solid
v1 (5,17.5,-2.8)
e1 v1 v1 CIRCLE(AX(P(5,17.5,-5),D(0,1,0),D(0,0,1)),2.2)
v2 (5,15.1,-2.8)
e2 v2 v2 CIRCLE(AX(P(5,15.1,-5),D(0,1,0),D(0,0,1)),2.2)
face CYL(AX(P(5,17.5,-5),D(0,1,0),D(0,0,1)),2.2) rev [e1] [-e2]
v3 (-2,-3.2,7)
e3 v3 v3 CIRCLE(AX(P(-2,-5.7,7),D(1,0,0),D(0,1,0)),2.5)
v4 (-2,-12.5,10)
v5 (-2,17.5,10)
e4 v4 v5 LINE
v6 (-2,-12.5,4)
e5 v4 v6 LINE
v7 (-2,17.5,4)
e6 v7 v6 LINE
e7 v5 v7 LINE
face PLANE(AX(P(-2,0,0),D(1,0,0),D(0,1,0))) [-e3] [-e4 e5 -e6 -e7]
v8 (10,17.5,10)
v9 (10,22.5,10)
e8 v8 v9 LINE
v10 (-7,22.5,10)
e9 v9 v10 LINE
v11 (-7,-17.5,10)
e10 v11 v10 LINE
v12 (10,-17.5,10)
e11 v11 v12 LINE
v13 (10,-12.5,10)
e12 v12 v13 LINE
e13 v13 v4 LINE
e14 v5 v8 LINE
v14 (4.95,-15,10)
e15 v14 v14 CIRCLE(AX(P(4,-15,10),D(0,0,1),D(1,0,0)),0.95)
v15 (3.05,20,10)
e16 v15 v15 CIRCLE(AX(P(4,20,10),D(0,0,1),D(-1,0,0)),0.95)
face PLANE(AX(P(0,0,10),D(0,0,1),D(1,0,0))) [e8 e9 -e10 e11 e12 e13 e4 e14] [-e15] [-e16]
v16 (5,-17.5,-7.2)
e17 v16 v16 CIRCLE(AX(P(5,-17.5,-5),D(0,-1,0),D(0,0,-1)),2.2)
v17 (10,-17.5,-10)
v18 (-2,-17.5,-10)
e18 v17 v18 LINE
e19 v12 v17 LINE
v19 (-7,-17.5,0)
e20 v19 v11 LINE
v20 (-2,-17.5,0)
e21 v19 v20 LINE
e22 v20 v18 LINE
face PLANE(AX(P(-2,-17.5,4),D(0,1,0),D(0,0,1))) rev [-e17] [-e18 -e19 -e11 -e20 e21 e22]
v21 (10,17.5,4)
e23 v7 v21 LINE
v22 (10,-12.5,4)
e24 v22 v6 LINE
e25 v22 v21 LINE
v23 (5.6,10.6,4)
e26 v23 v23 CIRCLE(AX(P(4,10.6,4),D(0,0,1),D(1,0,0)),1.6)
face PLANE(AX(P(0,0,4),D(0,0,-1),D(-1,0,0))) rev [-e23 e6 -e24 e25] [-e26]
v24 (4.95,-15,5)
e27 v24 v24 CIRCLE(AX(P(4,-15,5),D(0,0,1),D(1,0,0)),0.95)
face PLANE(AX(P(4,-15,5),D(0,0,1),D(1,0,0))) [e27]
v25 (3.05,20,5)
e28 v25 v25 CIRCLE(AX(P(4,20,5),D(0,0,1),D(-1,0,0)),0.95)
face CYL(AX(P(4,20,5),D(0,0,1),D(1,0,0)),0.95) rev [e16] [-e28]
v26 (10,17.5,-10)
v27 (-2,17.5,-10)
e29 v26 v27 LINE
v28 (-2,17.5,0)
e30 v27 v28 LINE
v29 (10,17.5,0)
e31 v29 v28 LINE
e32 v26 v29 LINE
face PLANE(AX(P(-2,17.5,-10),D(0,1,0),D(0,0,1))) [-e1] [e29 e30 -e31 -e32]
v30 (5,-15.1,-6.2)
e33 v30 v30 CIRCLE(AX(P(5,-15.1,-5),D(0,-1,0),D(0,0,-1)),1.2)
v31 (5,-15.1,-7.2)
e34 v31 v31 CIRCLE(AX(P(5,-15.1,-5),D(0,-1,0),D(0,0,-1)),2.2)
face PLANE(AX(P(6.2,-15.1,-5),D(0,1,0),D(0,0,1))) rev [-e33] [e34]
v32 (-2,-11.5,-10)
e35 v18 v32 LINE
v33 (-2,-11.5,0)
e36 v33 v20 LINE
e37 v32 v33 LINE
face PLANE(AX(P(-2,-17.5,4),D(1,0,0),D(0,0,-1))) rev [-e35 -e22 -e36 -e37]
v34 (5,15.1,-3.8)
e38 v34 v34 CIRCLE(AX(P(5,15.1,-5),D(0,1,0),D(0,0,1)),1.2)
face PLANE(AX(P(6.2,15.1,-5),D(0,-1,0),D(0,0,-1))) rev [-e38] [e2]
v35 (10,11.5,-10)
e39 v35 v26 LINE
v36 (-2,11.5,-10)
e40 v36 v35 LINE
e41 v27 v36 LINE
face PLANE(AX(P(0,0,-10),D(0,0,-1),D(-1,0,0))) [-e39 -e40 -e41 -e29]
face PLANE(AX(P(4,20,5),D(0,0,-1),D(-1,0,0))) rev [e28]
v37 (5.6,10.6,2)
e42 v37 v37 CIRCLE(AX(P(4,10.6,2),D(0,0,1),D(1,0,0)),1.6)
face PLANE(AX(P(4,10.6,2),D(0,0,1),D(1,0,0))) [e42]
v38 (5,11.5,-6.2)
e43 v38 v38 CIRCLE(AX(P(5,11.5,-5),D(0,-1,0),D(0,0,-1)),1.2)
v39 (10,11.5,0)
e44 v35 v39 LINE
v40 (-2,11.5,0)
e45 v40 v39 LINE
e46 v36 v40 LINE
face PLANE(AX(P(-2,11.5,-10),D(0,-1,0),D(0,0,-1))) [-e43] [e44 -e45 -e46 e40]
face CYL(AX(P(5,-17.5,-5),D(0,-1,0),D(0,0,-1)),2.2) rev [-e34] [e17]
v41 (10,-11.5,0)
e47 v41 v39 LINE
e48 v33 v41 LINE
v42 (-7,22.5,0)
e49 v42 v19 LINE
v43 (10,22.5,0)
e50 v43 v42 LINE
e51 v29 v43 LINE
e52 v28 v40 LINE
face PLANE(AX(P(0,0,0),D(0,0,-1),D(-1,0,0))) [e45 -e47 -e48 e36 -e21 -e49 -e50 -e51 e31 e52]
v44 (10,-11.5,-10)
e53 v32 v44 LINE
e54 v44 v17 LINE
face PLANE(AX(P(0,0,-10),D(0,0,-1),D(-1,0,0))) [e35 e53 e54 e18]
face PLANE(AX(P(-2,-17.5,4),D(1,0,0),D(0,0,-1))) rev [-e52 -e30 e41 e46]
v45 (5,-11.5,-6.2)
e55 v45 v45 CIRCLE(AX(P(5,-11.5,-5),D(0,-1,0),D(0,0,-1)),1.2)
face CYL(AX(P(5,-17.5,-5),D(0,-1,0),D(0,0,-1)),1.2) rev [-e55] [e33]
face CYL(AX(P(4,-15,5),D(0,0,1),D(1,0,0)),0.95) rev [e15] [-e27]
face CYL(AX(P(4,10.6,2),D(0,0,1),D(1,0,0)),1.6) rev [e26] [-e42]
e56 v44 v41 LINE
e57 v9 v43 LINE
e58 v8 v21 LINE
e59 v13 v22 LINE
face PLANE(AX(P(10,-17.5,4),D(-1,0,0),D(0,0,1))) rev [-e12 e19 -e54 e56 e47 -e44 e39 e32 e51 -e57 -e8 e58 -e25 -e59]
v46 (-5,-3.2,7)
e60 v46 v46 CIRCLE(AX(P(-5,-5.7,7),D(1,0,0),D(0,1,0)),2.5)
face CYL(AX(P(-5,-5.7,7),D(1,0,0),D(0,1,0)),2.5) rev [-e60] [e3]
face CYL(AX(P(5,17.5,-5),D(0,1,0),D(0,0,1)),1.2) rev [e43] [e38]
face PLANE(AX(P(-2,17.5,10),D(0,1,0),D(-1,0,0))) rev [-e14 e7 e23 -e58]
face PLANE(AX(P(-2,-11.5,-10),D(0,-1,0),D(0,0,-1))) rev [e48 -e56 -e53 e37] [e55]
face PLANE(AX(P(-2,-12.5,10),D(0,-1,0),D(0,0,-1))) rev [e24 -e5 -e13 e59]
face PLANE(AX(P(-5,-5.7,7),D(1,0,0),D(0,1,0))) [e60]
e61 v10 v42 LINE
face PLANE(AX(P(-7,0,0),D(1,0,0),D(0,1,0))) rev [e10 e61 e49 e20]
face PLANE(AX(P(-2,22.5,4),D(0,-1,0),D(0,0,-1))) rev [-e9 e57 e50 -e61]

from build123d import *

# Parameters (mm, degrees)
ESQUISSE1_W                                       = 12
ESQUISSE1_H                                       = 40
BOSS_EXTRU_1_DEPTH                                = 4
ESQUISSE2_W                                       = 12
ESQUISSE2_H                                       = 6
BOSS_EXTRU_2_DEPTH                                = 10
ESQUISSE3_R                                       = 1.6
ENL_V_MAT_EXTRU_1_DEPTH                           = 2
ESQUISSE4_W                                       = 12
ESQUISSE4_H                                       = 5
BOSS_EXTRU_3_DEPTH                                = 6
ESQUISSE5_R                                       = 0.95
ENL_V_MAT_EXTRU_2_DEPTH                           = 5
ESQUISSE6_W                                       = 10
ESQUISSE6_H                                       = 40
BOSS_EXTRU_4_DEPTH                                = 5
ESQUISSE7_R                                       = 2.5
ENL_V_MAT_EXTRU_3_DEPTH                           = 3
CHAMBRAGE_POUR_VIS_SIX_PANS_CREUX_M21_D           = 2.4
CHAMBRAGE_POUR_VIS_SIX_PANS_CREUX_M21_DEPTH       = 6
CHAMBRAGE_POUR_VIS_SIX_PANS_CREUX_M21_CBORE_D     = 4.4
CHAMBRAGE_POUR_VIS_SIX_PANS_CREUX_M21_CBORE_DEPTH = 2.4


with BuildPart() as part:
    # Esquisse1 → Boss.-Extru.1 (new body)
    with BuildSketch(Plane.XY):
        with Locations((4, 2.5)):
            Rectangle(ESQUISSE1_W, ESQUISSE1_H)
    extrude(amount=BOSS_EXTRU_1_DEPTH)

    # Esquisse2 → Boss.-Extru.2 (add)
    with BuildSketch(Plane(origin=(0, 0, 0), x_dir=(-1, 0, 0), z_dir=(0, 0, -1))):
        with Locations((-4, -14.5)):
            Rectangle(ESQUISSE2_W, ESQUISSE2_H)
    boss_extru_2 = extrude(amount=BOSS_EXTRU_2_DEPTH)

    # Symétrie1: Boss.-Extru.2 across plane
    add(boss_extru_2.mirror(Plane.ZX))

    # Esquisse3 → Enlèv. mat.-Extru.1 (cut)
    with BuildSketch(Plane.XY.offset(4)):
        with Locations((4, 10.6)):
            Circle(ESQUISSE3_R)
    extrude(amount=-ENL_V_MAT_EXTRU_1_DEPTH, mode=Mode.SUBTRACT)

    # Esquisse4 → Boss.-Extru.3 (add)
    with BuildSketch(Plane.XY.offset(4)):
        with Locations((4, 20)):
            Rectangle(ESQUISSE4_W, ESQUISSE4_H)
        with Locations((4, -15)):
            Rectangle(ESQUISSE4_W, ESQUISSE4_H)
    extrude(amount=BOSS_EXTRU_3_DEPTH)

    # Esquisse5 → Enlèv. mat.-Extru.2 (cut)
    with BuildSketch(Plane.XY.offset(10)):
        with Locations((4, -15)):
            Circle(ESQUISSE5_R)
        with Locations(Location((4, 20, 0), (0, 0, 180))):
            Circle(ESQUISSE5_R)
    extrude(amount=-ENL_V_MAT_EXTRU_2_DEPTH, mode=Mode.SUBTRACT)

    # Esquisse6 → Boss.-Extru.4 (add)
    with BuildSketch(Plane.ZY.offset(2)):
        with Locations((5, 2.5)):
            Rectangle(ESQUISSE6_W, ESQUISSE6_H)
    extrude(amount=BOSS_EXTRU_4_DEPTH)

    # Esquisse7 → Enlèv. mat.-Extru.3 (cut)
    with BuildSketch(Plane(origin=(-2, 0, 0), x_dir=(0, 0, -1), z_dir=(1, 0, 0))):
        with Locations(Location((-7, -5.7, 0), (0, 0, 90))):
            Circle(ESQUISSE7_R)
    extrude(amount=-ENL_V_MAT_EXTRU_3_DEPTH, mode=Mode.SUBTRACT)

    # Chambrage pour vis à six pans creux M21
    with Locations(Plane(origin=(0, -17.5, 0), x_dir=(-1, 0, 0), z_dir=(0, -1, 0))):
        with Locations((-5, 5)):
            chambrage_pour_vis_six_pans_creux_m21 = CounterBoreHole(CHAMBRAGE_POUR_VIS_SIX_PANS_CREUX_M21_D / 2, CHAMBRAGE_POUR_VIS_SIX_PANS_CREUX_M21_CBORE_D / 2, CHAMBRAGE_POUR_VIS_SIX_PANS_CREUX_M21_CBORE_DEPTH, depth=CHAMBRAGE_POUR_VIS_SIX_PANS_CREUX_M21_DEPTH)

    # Symétrie2: Chambrage pour vis à six pans creux M21 across plane
    add(chambrage_pour_vis_six_pans_creux_m21.mirror(Plane.ZX), mode=Mode.SUBTRACT)


solid = part.part
